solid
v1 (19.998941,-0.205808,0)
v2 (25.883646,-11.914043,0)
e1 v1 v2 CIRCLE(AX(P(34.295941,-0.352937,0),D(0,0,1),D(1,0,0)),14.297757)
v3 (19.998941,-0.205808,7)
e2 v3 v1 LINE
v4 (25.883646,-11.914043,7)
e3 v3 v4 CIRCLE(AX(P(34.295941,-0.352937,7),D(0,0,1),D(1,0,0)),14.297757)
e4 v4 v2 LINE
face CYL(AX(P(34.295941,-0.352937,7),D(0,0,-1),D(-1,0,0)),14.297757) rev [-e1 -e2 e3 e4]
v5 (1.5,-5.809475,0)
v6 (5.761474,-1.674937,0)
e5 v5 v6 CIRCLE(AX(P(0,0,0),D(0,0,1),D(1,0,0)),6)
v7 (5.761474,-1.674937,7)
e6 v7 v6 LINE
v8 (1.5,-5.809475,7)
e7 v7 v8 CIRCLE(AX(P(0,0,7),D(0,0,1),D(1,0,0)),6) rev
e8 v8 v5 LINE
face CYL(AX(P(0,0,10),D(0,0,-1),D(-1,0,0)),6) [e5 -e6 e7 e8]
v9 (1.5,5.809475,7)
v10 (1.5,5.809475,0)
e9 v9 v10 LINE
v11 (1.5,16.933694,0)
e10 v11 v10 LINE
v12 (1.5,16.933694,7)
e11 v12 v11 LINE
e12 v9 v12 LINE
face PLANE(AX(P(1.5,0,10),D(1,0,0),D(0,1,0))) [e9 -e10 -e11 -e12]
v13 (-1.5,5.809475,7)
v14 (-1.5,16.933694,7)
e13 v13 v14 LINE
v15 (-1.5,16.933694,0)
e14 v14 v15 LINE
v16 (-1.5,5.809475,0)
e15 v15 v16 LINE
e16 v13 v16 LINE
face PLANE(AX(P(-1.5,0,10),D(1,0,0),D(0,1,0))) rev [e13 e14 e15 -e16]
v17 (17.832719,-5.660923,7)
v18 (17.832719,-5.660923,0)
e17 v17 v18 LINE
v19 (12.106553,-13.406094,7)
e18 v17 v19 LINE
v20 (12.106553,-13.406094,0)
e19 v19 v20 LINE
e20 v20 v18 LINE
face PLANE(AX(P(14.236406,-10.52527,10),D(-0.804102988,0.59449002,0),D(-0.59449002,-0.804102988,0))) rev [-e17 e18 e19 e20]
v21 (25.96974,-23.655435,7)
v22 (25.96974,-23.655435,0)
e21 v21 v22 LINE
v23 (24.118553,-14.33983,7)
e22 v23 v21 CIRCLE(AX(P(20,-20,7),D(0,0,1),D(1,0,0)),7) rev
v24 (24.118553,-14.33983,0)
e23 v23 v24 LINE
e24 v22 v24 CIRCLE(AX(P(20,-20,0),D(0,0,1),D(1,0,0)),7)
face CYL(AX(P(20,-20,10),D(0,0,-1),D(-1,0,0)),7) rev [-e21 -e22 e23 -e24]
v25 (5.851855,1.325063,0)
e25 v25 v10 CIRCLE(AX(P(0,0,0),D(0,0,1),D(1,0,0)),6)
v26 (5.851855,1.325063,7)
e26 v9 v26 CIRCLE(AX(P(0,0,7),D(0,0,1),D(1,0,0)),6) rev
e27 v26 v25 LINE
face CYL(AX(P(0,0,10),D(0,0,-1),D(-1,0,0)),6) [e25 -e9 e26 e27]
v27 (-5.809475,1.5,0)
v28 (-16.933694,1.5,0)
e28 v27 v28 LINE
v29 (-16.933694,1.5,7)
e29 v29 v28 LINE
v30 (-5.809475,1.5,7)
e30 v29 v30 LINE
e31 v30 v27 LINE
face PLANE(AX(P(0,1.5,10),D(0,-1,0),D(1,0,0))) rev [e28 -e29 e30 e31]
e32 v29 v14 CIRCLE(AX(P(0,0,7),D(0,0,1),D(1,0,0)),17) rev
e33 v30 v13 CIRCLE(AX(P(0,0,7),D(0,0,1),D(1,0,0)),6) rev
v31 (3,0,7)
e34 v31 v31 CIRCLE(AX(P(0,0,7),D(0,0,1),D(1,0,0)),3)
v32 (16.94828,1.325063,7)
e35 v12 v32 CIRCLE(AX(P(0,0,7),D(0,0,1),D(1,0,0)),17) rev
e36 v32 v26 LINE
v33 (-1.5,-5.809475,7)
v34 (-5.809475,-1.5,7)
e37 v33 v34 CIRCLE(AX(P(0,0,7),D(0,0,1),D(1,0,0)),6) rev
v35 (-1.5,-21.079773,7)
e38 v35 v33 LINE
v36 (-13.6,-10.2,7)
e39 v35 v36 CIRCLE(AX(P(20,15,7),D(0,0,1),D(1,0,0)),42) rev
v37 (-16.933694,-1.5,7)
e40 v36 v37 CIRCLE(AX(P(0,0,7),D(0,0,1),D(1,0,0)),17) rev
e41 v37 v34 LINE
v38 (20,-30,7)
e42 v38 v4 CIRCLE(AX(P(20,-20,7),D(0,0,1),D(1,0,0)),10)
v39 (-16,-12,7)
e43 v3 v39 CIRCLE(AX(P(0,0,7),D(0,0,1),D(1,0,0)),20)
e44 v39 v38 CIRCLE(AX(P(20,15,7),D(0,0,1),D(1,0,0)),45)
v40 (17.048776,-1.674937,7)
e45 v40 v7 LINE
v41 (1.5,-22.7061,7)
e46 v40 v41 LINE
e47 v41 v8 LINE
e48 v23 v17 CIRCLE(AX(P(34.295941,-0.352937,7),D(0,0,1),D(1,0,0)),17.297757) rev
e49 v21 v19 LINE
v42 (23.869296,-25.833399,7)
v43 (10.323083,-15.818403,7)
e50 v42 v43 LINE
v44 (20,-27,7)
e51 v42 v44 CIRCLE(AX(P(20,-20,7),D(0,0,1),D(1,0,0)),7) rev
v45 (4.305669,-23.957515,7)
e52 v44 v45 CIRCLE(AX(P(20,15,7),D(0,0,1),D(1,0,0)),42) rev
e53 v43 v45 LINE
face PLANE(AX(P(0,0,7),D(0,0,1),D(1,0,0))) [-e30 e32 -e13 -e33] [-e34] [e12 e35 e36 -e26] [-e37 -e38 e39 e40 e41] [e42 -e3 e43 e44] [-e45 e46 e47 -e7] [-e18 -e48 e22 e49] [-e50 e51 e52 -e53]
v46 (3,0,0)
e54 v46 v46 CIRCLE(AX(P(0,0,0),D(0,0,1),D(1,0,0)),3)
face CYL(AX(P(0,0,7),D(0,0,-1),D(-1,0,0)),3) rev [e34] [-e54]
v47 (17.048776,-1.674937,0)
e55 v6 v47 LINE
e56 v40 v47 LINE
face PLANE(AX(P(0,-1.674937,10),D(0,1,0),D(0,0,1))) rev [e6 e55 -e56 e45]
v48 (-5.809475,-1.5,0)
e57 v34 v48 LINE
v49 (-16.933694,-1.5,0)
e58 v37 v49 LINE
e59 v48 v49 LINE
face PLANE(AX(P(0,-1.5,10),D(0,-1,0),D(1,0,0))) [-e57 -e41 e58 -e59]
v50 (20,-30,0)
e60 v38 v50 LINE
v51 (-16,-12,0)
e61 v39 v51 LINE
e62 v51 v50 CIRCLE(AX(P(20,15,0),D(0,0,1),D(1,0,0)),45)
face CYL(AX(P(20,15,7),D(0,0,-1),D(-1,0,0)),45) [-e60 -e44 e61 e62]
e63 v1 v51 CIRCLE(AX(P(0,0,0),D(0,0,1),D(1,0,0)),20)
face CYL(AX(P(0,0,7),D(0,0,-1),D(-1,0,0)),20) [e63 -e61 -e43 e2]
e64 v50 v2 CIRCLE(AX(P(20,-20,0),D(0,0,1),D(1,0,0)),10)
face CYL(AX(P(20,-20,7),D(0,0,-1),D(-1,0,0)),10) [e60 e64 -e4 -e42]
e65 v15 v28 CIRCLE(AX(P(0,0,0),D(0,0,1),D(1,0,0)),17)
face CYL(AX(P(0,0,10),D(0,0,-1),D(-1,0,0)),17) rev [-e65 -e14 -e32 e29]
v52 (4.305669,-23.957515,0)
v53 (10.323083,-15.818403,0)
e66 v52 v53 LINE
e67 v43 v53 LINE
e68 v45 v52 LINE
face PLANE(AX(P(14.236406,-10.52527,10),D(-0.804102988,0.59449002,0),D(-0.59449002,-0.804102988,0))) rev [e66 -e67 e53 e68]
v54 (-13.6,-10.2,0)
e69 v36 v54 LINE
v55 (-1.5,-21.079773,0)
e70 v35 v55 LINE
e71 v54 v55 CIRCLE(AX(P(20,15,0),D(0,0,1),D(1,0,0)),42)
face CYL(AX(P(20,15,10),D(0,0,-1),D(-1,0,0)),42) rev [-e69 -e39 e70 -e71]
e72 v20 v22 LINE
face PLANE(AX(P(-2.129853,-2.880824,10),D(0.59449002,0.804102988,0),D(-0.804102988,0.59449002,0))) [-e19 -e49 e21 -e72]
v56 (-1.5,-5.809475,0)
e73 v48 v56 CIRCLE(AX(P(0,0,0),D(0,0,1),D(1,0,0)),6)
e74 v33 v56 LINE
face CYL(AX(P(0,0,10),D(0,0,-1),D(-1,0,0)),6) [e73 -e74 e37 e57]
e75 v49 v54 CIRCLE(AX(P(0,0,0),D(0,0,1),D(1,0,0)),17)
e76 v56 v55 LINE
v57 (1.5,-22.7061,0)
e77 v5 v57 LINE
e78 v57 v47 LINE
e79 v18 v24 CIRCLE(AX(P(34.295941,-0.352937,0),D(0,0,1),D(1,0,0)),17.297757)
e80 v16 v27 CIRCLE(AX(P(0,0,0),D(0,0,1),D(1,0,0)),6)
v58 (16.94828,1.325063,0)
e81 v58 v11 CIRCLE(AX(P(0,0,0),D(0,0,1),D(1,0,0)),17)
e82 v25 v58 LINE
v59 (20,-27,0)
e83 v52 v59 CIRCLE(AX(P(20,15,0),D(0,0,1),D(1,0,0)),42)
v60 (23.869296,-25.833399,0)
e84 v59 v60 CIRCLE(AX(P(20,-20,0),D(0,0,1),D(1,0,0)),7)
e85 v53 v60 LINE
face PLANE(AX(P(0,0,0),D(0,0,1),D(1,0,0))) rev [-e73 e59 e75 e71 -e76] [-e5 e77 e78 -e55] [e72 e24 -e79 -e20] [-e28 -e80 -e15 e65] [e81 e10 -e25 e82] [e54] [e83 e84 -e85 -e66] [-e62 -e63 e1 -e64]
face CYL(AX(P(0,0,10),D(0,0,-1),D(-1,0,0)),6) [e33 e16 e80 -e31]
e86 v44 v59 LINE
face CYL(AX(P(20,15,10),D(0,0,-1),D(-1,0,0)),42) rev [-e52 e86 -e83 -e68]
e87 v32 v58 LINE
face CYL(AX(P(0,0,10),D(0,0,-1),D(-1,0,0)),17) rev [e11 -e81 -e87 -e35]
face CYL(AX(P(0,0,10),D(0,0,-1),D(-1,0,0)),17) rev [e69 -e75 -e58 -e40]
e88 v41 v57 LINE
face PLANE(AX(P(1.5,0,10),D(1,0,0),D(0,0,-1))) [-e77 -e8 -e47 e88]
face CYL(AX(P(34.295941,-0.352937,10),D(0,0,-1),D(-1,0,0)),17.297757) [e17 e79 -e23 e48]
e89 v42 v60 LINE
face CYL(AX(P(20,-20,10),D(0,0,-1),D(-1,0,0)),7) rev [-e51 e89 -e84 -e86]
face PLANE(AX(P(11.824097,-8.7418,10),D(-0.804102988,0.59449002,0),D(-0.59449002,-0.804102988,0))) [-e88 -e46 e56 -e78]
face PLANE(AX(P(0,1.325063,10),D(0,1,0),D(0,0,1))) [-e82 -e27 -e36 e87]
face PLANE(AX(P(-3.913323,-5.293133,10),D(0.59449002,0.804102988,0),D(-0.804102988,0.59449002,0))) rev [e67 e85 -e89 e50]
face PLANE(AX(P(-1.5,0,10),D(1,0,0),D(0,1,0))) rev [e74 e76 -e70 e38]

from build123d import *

# Parameters (mm, degrees)
SKETCH1_R           = 3
BOSS_EXTRUDE2_DEPTH = 7
CUT_EXTRUDE2_DEPTH  = 10


with BuildPart() as part:
    # Sketch1 → Boss-Extrude2 (new body)
    with BuildSketch(Plane.XY):
        with BuildLine():
            ThreePointArc((19.998941051, -0.20580779), (-6.226847104, 19.005956307), (-16, -12))
            ThreePointArc((-16, -12), (-0.124611797, -25.249223595), (20, -30))
            ThreePointArc((20, -30), (29.509457722, -23.09357622), (25.883646455, -11.914042766))
            ThreePointArc((25.883646455, -11.914042766), (21.521016167, -6.773774564), (19.998941051, -0.20580779))
        make_face()
        Circle(SKETCH1_R, mode=Mode.SUBTRACT)
    extrude(amount=BOSS_EXTRUDE2_DEPTH)

    # Sketch4 → Cut-Extrude2 (cut)
    with BuildSketch(Plane.XY):
        with BuildLine():
            Line((-1.5, -21.079772727), (-1.5, -5.809475019))
            ThreePointArc((-1.5, -5.809475019), (-4.242640687, -4.242640687), (-5.809475019, -1.5))
            Line((-5.809475019, -1.5), (-16.933694222, -1.5))
            ThreePointArc((-16.933694222, -1.5), (-15.874480171, -6.082834807), (-13.6, -10.2))
            ThreePointArc((-13.6, -10.2), (-8.081931266, -16.231476692), (-1.5, -21.079772727))
        make_face()
        with BuildLine():
            ThreePointArc((-5.809475019, 1.5), (-4.242640687, 4.242640687), (-1.5, 5.809475019))
            Line((-1.5, 5.809475019), (-1.5, 16.933694222))
            ThreePointArc((-1.5, 16.933694222), (-12.02081528, 12.02081528), (-16.933694222, 1.5))
            Line((-16.933694222, 1.5), (-5.809475019, 1.5))
        make_face()
        with BuildLine():
            ThreePointArc((1.5, 5.809475019), (4.305801895, 4.178524864), (5.851855009, 1.325063379))
            Line((5.851855009, 1.325063379), (16.948280356, 1.325063379))
            ThreePointArc((16.948280356, 1.325063379), (12.082719116, 11.958591003), (1.5, 16.933694222))
            Line((1.5, 16.933694222), (1.5, 5.809475019))
        make_face()
        with BuildLine():
            Line((17.048775601, -1.674936621), (5.761474405, -1.674936621))
            ThreePointArc((5.761474405, -1.674936621), (4.178020413, -4.306291377), (1.5, -5.809475019))
            Line((1.5, -5.809475019), (1.5, -22.706100302))
            Line((1.5, -22.706100302), (17.048775601, -1.674936621))
        make_face()
        with BuildLine():
            ThreePointArc((24.118552518, -14.339829936), (20.286608679, -10.499414856), (17.832718736, -5.660922764))
            Line((17.832718736, -5.660922764), (12.106553004, -13.40609395))
            Line((12.106553004, -13.40609395), (25.969739669, -23.655435444))
            ThreePointArc((25.969739669, -23.655435444), (26.865750965, -18.635645321), (24.118552518, -14.339829936))
        make_face()
        with BuildLine():
            Line((10.323082943, -15.818402915), (4.305668643, -23.95751485))
            ThreePointArc((4.305668643, -23.95751485), (12.00674108, -26.232363646), (20, -27))
            ThreePointArc((20, -27), (22.020668793, -26.702006985), (23.869296105, -25.833399322))
            Line((23.869296105, -25.833399322), (10.323082943, -15.818402915))
        make_face()
    extrude(amount=CUT_EXTRUDE2_DEPTH, mode=Mode.SUBTRACT)


solid = part.part
